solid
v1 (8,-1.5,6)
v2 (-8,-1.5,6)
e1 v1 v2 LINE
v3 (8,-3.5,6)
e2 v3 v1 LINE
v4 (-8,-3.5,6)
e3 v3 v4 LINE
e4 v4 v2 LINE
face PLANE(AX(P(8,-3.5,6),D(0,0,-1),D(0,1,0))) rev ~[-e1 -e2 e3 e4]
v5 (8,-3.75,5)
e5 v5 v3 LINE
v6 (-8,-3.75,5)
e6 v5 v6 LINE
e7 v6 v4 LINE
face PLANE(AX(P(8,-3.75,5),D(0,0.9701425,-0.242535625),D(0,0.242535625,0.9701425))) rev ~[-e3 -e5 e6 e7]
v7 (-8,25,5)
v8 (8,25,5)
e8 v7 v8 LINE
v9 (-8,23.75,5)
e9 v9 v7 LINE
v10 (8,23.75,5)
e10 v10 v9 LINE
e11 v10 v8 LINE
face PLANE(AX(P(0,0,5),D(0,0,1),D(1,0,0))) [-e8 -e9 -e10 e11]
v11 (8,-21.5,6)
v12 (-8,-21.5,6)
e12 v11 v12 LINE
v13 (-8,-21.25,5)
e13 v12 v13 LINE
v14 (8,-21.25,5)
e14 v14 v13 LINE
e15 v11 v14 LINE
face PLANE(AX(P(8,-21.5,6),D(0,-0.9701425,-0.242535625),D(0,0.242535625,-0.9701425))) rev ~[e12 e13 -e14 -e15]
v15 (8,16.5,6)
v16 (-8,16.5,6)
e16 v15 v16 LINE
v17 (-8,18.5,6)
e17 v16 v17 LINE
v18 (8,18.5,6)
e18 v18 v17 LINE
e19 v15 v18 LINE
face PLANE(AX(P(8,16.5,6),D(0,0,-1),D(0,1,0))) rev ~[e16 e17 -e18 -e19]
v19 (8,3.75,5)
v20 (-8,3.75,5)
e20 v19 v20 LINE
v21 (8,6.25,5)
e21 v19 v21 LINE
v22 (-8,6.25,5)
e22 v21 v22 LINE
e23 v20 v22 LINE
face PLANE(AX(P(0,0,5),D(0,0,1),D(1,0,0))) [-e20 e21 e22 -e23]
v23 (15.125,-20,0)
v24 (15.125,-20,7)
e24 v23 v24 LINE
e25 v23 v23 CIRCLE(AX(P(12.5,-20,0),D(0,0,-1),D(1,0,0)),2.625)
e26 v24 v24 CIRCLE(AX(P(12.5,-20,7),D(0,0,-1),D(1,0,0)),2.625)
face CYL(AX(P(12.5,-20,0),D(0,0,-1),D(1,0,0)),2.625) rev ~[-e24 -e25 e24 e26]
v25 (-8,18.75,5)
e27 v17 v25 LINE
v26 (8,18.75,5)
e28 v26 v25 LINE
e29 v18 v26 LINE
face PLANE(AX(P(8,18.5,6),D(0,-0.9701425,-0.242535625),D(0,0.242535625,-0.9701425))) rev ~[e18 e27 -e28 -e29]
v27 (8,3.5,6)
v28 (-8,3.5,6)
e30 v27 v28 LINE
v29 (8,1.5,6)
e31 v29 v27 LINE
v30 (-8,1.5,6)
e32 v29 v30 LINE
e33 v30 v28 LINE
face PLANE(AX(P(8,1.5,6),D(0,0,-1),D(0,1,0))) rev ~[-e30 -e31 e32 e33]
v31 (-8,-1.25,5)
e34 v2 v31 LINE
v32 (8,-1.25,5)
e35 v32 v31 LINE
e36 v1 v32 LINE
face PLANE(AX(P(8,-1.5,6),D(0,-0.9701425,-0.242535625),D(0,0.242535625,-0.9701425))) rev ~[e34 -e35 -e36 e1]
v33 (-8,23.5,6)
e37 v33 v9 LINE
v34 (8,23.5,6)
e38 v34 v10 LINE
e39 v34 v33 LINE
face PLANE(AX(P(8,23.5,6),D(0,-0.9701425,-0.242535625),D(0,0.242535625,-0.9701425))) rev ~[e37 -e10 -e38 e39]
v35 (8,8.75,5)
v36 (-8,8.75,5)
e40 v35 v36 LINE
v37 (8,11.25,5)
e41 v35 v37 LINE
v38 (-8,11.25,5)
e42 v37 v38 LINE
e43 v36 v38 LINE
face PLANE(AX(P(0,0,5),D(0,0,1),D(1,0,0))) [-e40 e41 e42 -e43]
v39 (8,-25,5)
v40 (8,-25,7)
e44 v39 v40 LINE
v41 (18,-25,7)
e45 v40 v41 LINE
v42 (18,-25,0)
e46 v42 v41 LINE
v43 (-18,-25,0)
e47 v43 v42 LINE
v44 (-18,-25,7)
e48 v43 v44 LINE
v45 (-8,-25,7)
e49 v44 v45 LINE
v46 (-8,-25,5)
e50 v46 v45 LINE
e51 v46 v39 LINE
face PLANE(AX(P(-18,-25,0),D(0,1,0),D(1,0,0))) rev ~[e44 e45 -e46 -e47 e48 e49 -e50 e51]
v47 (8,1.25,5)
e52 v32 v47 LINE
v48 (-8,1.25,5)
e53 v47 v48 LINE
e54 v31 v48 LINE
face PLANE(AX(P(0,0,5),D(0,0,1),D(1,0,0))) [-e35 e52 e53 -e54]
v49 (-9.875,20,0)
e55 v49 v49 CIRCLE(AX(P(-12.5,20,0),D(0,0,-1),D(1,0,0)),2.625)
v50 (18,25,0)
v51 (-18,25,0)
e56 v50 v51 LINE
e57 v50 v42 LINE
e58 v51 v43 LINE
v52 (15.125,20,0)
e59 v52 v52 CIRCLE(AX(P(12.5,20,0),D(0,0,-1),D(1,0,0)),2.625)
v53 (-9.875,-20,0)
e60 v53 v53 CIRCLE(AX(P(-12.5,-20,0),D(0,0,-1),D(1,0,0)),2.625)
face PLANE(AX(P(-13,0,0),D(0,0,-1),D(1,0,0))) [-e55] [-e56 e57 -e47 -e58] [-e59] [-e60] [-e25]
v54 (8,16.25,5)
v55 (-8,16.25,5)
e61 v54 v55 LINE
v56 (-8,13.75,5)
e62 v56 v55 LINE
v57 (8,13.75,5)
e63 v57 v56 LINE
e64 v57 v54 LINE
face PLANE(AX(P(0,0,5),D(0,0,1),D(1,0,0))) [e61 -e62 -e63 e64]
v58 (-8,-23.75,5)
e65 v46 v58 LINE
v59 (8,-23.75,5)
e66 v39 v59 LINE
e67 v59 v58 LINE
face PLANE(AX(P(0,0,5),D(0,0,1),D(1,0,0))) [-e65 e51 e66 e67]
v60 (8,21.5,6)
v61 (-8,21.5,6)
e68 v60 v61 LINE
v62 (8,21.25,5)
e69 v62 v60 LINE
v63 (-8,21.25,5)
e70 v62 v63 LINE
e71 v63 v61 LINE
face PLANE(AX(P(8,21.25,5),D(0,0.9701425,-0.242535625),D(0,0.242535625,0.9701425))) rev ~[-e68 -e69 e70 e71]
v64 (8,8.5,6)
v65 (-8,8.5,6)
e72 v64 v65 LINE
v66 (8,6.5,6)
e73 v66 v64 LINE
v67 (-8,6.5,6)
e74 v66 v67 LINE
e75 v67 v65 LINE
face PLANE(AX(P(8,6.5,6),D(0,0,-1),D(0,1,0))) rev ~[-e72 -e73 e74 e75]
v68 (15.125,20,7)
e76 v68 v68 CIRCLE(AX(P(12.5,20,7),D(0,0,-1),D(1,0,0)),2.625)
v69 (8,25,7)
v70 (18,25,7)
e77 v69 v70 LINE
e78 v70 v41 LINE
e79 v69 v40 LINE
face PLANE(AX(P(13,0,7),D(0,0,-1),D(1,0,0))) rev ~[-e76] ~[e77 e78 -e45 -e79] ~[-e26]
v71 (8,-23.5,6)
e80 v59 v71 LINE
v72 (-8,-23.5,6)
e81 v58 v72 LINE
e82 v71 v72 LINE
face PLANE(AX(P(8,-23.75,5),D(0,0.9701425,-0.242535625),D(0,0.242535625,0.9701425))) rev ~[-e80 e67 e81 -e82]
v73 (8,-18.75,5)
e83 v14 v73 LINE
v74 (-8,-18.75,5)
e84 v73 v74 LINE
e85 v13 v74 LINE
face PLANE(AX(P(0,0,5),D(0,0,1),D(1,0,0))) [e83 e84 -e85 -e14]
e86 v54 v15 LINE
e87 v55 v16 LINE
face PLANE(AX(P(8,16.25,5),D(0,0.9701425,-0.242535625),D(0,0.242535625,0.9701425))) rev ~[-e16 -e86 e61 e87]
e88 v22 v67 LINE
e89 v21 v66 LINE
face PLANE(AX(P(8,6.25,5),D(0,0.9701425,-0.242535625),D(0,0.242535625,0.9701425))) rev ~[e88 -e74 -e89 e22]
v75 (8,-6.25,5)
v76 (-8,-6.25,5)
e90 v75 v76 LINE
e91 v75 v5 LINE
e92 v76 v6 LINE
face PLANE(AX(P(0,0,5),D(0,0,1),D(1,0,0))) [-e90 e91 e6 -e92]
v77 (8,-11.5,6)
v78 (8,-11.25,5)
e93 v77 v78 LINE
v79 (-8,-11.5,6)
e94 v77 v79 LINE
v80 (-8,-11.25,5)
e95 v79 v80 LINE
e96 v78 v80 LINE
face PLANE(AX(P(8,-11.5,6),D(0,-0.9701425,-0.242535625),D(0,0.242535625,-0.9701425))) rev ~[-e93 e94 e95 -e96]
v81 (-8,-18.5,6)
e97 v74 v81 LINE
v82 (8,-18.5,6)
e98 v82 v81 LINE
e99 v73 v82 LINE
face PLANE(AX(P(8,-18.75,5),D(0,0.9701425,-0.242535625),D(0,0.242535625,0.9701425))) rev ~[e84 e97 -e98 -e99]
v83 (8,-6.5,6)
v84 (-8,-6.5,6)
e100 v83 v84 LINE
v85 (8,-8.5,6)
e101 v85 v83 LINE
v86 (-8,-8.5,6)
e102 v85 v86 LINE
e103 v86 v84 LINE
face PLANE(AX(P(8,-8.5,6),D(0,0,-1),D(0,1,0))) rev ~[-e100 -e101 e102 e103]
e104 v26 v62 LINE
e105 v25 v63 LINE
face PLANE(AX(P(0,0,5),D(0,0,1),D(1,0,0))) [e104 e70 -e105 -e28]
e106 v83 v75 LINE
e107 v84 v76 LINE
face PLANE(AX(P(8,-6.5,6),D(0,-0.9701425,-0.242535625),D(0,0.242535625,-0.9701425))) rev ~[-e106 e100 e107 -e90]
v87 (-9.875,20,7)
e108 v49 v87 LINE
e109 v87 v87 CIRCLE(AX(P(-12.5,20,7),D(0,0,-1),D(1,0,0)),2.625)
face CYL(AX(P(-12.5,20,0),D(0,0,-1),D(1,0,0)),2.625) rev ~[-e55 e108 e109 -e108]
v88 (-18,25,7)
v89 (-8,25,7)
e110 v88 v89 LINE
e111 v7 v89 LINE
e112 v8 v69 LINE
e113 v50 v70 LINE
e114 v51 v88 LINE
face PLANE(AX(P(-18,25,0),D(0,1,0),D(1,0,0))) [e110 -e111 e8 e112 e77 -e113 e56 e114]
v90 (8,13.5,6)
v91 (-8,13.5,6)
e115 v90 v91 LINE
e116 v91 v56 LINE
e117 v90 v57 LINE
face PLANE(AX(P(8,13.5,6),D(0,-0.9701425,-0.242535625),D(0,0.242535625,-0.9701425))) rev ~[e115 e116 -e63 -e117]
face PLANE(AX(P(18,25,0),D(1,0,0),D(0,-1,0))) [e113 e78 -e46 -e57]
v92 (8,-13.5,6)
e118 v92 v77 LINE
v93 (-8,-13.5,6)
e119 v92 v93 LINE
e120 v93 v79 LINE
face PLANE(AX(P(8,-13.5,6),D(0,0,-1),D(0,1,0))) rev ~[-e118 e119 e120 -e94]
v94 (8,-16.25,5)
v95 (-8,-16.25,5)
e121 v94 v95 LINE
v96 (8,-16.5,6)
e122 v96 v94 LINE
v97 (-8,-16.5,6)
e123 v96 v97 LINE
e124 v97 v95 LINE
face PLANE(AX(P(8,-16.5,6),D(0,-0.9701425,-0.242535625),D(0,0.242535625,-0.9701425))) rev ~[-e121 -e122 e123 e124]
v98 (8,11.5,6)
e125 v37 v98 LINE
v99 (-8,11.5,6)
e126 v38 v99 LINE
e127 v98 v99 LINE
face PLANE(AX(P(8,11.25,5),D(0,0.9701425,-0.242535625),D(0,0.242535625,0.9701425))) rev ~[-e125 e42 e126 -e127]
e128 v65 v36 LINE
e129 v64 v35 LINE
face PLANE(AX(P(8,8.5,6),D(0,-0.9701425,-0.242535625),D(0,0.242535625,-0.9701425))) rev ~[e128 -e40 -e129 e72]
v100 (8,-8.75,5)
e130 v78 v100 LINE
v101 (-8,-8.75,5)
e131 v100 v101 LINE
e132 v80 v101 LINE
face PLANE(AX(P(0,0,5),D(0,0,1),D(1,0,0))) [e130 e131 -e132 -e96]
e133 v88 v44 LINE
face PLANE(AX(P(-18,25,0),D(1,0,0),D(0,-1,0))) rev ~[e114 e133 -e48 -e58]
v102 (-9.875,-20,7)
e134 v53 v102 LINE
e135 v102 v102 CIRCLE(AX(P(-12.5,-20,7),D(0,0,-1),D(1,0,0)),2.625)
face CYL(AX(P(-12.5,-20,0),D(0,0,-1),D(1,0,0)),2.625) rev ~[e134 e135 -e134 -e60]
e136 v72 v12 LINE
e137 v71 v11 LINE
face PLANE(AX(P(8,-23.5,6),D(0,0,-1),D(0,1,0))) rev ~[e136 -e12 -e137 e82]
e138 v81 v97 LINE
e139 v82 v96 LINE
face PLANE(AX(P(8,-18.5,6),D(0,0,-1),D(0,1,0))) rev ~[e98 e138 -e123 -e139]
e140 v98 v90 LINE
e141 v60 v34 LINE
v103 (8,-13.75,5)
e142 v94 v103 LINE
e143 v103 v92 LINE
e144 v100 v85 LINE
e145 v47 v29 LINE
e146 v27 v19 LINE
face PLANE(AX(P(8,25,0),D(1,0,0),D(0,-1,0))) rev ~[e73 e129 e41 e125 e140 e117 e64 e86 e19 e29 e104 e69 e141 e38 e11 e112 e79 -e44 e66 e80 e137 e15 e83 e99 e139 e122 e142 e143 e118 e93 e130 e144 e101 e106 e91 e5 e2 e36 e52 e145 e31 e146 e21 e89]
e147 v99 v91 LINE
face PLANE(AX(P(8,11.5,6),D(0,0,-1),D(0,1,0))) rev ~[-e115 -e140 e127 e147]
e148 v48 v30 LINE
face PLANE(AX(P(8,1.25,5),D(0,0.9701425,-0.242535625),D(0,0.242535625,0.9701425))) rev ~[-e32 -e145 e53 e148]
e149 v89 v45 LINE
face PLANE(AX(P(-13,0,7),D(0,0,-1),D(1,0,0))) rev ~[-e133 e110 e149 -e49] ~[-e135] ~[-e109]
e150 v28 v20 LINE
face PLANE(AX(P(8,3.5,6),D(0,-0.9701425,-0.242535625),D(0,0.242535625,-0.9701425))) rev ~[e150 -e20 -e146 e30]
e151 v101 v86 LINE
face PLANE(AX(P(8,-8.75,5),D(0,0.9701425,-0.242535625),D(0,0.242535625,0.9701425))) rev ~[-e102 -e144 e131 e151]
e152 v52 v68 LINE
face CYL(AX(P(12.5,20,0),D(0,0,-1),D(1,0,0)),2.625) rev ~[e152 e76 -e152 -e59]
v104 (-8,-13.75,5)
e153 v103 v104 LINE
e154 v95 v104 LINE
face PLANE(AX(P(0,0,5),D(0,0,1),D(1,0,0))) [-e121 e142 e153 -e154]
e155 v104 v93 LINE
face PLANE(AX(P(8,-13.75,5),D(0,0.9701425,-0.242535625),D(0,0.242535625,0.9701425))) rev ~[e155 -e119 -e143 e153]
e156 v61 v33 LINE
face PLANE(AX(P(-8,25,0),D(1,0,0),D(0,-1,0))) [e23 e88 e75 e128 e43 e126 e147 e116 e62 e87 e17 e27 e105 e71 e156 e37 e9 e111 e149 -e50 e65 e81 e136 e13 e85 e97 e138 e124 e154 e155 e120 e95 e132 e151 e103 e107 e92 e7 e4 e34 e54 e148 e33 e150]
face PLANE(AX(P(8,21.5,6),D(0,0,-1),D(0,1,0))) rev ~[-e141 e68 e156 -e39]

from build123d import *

# Parameters (mm, degrees)
SKETCH_W     = 16
SKETCH_H     = 50
PAD_DEPTH    = 5
PAD001_DEPTH = 16
SKETCH002_W  = 10
SKETCH002_H  = 50
PAD002_DEPTH = 7
SKETCH003_W  = 10
SKETCH003_H  = 50
PAD003_DEPTH = 7
SKETCH004_R  = 2.625
POCKET_DEPTH = 7


with BuildPart() as part:
    # Sketch → Pad (new body)
    with BuildSketch(Plane.XY):
        Rectangle(SKETCH_W, SKETCH_H)
    extrude(amount=PAD_DEPTH)

    # Sketch001 (on Face3 of Pad) → Pad001 (join)
    with BuildSketch(Plane.YZ.offset(8)):
        Polygon((-23.75, 5), (-23.5, 6), (-21.5, 6), (-21.25, 5), align=None)
        Polygon((-18.75, 5), (-18.5, 6), (-16.5, 6), (-16.25, 5), align=None)
        Polygon((-13.75, 5), (-13.5, 6), (-11.5, 6), (-11.25, 5), align=None)
        Polygon((-8.75, 5), (-8.5, 6), (-6.5, 6), (-6.25, 5), align=None)
        Polygon((-3.75, 5), (-3.5, 6), (-1.5, 6), (-1.25, 5), align=None)
        Polygon((1.25, 5), (1.5, 6), (3.5, 6), (3.75, 5), align=None)
        Polygon((6.25, 5), (6.5, 6), (8.5, 6), (8.75, 5), align=None)
        Polygon((11.25, 5), (11.5, 6), (13.5, 6), (13.75, 5), align=None)
        Polygon((16.25, 5), (16.5, 6), (18.5, 6), (18.75, 5), align=None)
        Polygon((21.25, 5), (21.5, 6), (23.5, 6), (23.75, 5), align=None)
    extrude(amount=-PAD001_DEPTH)

    # Sketch002 (on Face4 of Pad001) → Pad002 (join)
    with BuildSketch(Plane(origin=(0, 0, 0), x_dir=(1, 0, 0), z_dir=(0, 0, -1))):
        with Locations((13, 0)):
            Rectangle(SKETCH002_W, SKETCH002_H)
    extrude(amount=-PAD002_DEPTH)

    # Sketch003 (on Face4 of Pad002) → Pad003 (join)
    with BuildSketch(Plane(origin=(0, 0, 0), x_dir=(1, 0, 0), z_dir=(0, 0, -1))):
        with Locations((-13, 0)):
            Rectangle(SKETCH003_W, SKETCH003_H)
    extrude(amount=-PAD003_DEPTH)

    # Sketch004 (on Face12 of Pad003) → Pocket (cut)
    with BuildSketch(Plane(origin=(0, 0, 0), x_dir=(1, 0, 0), z_dir=(0, 0, -1))):
        with Locations((-12.5, 20)):
            Circle(SKETCH004_R)
        with Locations((-12.5, -20)):
            Circle(SKETCH004_R)
        with Locations((12.5, -20)):
            Circle(SKETCH004_R)
        with Locations((12.5, 20)):
            Circle(SKETCH004_R)
    extrude(amount=-POCKET_DEPTH, mode=Mode.SUBTRACT)


solid = part.part
